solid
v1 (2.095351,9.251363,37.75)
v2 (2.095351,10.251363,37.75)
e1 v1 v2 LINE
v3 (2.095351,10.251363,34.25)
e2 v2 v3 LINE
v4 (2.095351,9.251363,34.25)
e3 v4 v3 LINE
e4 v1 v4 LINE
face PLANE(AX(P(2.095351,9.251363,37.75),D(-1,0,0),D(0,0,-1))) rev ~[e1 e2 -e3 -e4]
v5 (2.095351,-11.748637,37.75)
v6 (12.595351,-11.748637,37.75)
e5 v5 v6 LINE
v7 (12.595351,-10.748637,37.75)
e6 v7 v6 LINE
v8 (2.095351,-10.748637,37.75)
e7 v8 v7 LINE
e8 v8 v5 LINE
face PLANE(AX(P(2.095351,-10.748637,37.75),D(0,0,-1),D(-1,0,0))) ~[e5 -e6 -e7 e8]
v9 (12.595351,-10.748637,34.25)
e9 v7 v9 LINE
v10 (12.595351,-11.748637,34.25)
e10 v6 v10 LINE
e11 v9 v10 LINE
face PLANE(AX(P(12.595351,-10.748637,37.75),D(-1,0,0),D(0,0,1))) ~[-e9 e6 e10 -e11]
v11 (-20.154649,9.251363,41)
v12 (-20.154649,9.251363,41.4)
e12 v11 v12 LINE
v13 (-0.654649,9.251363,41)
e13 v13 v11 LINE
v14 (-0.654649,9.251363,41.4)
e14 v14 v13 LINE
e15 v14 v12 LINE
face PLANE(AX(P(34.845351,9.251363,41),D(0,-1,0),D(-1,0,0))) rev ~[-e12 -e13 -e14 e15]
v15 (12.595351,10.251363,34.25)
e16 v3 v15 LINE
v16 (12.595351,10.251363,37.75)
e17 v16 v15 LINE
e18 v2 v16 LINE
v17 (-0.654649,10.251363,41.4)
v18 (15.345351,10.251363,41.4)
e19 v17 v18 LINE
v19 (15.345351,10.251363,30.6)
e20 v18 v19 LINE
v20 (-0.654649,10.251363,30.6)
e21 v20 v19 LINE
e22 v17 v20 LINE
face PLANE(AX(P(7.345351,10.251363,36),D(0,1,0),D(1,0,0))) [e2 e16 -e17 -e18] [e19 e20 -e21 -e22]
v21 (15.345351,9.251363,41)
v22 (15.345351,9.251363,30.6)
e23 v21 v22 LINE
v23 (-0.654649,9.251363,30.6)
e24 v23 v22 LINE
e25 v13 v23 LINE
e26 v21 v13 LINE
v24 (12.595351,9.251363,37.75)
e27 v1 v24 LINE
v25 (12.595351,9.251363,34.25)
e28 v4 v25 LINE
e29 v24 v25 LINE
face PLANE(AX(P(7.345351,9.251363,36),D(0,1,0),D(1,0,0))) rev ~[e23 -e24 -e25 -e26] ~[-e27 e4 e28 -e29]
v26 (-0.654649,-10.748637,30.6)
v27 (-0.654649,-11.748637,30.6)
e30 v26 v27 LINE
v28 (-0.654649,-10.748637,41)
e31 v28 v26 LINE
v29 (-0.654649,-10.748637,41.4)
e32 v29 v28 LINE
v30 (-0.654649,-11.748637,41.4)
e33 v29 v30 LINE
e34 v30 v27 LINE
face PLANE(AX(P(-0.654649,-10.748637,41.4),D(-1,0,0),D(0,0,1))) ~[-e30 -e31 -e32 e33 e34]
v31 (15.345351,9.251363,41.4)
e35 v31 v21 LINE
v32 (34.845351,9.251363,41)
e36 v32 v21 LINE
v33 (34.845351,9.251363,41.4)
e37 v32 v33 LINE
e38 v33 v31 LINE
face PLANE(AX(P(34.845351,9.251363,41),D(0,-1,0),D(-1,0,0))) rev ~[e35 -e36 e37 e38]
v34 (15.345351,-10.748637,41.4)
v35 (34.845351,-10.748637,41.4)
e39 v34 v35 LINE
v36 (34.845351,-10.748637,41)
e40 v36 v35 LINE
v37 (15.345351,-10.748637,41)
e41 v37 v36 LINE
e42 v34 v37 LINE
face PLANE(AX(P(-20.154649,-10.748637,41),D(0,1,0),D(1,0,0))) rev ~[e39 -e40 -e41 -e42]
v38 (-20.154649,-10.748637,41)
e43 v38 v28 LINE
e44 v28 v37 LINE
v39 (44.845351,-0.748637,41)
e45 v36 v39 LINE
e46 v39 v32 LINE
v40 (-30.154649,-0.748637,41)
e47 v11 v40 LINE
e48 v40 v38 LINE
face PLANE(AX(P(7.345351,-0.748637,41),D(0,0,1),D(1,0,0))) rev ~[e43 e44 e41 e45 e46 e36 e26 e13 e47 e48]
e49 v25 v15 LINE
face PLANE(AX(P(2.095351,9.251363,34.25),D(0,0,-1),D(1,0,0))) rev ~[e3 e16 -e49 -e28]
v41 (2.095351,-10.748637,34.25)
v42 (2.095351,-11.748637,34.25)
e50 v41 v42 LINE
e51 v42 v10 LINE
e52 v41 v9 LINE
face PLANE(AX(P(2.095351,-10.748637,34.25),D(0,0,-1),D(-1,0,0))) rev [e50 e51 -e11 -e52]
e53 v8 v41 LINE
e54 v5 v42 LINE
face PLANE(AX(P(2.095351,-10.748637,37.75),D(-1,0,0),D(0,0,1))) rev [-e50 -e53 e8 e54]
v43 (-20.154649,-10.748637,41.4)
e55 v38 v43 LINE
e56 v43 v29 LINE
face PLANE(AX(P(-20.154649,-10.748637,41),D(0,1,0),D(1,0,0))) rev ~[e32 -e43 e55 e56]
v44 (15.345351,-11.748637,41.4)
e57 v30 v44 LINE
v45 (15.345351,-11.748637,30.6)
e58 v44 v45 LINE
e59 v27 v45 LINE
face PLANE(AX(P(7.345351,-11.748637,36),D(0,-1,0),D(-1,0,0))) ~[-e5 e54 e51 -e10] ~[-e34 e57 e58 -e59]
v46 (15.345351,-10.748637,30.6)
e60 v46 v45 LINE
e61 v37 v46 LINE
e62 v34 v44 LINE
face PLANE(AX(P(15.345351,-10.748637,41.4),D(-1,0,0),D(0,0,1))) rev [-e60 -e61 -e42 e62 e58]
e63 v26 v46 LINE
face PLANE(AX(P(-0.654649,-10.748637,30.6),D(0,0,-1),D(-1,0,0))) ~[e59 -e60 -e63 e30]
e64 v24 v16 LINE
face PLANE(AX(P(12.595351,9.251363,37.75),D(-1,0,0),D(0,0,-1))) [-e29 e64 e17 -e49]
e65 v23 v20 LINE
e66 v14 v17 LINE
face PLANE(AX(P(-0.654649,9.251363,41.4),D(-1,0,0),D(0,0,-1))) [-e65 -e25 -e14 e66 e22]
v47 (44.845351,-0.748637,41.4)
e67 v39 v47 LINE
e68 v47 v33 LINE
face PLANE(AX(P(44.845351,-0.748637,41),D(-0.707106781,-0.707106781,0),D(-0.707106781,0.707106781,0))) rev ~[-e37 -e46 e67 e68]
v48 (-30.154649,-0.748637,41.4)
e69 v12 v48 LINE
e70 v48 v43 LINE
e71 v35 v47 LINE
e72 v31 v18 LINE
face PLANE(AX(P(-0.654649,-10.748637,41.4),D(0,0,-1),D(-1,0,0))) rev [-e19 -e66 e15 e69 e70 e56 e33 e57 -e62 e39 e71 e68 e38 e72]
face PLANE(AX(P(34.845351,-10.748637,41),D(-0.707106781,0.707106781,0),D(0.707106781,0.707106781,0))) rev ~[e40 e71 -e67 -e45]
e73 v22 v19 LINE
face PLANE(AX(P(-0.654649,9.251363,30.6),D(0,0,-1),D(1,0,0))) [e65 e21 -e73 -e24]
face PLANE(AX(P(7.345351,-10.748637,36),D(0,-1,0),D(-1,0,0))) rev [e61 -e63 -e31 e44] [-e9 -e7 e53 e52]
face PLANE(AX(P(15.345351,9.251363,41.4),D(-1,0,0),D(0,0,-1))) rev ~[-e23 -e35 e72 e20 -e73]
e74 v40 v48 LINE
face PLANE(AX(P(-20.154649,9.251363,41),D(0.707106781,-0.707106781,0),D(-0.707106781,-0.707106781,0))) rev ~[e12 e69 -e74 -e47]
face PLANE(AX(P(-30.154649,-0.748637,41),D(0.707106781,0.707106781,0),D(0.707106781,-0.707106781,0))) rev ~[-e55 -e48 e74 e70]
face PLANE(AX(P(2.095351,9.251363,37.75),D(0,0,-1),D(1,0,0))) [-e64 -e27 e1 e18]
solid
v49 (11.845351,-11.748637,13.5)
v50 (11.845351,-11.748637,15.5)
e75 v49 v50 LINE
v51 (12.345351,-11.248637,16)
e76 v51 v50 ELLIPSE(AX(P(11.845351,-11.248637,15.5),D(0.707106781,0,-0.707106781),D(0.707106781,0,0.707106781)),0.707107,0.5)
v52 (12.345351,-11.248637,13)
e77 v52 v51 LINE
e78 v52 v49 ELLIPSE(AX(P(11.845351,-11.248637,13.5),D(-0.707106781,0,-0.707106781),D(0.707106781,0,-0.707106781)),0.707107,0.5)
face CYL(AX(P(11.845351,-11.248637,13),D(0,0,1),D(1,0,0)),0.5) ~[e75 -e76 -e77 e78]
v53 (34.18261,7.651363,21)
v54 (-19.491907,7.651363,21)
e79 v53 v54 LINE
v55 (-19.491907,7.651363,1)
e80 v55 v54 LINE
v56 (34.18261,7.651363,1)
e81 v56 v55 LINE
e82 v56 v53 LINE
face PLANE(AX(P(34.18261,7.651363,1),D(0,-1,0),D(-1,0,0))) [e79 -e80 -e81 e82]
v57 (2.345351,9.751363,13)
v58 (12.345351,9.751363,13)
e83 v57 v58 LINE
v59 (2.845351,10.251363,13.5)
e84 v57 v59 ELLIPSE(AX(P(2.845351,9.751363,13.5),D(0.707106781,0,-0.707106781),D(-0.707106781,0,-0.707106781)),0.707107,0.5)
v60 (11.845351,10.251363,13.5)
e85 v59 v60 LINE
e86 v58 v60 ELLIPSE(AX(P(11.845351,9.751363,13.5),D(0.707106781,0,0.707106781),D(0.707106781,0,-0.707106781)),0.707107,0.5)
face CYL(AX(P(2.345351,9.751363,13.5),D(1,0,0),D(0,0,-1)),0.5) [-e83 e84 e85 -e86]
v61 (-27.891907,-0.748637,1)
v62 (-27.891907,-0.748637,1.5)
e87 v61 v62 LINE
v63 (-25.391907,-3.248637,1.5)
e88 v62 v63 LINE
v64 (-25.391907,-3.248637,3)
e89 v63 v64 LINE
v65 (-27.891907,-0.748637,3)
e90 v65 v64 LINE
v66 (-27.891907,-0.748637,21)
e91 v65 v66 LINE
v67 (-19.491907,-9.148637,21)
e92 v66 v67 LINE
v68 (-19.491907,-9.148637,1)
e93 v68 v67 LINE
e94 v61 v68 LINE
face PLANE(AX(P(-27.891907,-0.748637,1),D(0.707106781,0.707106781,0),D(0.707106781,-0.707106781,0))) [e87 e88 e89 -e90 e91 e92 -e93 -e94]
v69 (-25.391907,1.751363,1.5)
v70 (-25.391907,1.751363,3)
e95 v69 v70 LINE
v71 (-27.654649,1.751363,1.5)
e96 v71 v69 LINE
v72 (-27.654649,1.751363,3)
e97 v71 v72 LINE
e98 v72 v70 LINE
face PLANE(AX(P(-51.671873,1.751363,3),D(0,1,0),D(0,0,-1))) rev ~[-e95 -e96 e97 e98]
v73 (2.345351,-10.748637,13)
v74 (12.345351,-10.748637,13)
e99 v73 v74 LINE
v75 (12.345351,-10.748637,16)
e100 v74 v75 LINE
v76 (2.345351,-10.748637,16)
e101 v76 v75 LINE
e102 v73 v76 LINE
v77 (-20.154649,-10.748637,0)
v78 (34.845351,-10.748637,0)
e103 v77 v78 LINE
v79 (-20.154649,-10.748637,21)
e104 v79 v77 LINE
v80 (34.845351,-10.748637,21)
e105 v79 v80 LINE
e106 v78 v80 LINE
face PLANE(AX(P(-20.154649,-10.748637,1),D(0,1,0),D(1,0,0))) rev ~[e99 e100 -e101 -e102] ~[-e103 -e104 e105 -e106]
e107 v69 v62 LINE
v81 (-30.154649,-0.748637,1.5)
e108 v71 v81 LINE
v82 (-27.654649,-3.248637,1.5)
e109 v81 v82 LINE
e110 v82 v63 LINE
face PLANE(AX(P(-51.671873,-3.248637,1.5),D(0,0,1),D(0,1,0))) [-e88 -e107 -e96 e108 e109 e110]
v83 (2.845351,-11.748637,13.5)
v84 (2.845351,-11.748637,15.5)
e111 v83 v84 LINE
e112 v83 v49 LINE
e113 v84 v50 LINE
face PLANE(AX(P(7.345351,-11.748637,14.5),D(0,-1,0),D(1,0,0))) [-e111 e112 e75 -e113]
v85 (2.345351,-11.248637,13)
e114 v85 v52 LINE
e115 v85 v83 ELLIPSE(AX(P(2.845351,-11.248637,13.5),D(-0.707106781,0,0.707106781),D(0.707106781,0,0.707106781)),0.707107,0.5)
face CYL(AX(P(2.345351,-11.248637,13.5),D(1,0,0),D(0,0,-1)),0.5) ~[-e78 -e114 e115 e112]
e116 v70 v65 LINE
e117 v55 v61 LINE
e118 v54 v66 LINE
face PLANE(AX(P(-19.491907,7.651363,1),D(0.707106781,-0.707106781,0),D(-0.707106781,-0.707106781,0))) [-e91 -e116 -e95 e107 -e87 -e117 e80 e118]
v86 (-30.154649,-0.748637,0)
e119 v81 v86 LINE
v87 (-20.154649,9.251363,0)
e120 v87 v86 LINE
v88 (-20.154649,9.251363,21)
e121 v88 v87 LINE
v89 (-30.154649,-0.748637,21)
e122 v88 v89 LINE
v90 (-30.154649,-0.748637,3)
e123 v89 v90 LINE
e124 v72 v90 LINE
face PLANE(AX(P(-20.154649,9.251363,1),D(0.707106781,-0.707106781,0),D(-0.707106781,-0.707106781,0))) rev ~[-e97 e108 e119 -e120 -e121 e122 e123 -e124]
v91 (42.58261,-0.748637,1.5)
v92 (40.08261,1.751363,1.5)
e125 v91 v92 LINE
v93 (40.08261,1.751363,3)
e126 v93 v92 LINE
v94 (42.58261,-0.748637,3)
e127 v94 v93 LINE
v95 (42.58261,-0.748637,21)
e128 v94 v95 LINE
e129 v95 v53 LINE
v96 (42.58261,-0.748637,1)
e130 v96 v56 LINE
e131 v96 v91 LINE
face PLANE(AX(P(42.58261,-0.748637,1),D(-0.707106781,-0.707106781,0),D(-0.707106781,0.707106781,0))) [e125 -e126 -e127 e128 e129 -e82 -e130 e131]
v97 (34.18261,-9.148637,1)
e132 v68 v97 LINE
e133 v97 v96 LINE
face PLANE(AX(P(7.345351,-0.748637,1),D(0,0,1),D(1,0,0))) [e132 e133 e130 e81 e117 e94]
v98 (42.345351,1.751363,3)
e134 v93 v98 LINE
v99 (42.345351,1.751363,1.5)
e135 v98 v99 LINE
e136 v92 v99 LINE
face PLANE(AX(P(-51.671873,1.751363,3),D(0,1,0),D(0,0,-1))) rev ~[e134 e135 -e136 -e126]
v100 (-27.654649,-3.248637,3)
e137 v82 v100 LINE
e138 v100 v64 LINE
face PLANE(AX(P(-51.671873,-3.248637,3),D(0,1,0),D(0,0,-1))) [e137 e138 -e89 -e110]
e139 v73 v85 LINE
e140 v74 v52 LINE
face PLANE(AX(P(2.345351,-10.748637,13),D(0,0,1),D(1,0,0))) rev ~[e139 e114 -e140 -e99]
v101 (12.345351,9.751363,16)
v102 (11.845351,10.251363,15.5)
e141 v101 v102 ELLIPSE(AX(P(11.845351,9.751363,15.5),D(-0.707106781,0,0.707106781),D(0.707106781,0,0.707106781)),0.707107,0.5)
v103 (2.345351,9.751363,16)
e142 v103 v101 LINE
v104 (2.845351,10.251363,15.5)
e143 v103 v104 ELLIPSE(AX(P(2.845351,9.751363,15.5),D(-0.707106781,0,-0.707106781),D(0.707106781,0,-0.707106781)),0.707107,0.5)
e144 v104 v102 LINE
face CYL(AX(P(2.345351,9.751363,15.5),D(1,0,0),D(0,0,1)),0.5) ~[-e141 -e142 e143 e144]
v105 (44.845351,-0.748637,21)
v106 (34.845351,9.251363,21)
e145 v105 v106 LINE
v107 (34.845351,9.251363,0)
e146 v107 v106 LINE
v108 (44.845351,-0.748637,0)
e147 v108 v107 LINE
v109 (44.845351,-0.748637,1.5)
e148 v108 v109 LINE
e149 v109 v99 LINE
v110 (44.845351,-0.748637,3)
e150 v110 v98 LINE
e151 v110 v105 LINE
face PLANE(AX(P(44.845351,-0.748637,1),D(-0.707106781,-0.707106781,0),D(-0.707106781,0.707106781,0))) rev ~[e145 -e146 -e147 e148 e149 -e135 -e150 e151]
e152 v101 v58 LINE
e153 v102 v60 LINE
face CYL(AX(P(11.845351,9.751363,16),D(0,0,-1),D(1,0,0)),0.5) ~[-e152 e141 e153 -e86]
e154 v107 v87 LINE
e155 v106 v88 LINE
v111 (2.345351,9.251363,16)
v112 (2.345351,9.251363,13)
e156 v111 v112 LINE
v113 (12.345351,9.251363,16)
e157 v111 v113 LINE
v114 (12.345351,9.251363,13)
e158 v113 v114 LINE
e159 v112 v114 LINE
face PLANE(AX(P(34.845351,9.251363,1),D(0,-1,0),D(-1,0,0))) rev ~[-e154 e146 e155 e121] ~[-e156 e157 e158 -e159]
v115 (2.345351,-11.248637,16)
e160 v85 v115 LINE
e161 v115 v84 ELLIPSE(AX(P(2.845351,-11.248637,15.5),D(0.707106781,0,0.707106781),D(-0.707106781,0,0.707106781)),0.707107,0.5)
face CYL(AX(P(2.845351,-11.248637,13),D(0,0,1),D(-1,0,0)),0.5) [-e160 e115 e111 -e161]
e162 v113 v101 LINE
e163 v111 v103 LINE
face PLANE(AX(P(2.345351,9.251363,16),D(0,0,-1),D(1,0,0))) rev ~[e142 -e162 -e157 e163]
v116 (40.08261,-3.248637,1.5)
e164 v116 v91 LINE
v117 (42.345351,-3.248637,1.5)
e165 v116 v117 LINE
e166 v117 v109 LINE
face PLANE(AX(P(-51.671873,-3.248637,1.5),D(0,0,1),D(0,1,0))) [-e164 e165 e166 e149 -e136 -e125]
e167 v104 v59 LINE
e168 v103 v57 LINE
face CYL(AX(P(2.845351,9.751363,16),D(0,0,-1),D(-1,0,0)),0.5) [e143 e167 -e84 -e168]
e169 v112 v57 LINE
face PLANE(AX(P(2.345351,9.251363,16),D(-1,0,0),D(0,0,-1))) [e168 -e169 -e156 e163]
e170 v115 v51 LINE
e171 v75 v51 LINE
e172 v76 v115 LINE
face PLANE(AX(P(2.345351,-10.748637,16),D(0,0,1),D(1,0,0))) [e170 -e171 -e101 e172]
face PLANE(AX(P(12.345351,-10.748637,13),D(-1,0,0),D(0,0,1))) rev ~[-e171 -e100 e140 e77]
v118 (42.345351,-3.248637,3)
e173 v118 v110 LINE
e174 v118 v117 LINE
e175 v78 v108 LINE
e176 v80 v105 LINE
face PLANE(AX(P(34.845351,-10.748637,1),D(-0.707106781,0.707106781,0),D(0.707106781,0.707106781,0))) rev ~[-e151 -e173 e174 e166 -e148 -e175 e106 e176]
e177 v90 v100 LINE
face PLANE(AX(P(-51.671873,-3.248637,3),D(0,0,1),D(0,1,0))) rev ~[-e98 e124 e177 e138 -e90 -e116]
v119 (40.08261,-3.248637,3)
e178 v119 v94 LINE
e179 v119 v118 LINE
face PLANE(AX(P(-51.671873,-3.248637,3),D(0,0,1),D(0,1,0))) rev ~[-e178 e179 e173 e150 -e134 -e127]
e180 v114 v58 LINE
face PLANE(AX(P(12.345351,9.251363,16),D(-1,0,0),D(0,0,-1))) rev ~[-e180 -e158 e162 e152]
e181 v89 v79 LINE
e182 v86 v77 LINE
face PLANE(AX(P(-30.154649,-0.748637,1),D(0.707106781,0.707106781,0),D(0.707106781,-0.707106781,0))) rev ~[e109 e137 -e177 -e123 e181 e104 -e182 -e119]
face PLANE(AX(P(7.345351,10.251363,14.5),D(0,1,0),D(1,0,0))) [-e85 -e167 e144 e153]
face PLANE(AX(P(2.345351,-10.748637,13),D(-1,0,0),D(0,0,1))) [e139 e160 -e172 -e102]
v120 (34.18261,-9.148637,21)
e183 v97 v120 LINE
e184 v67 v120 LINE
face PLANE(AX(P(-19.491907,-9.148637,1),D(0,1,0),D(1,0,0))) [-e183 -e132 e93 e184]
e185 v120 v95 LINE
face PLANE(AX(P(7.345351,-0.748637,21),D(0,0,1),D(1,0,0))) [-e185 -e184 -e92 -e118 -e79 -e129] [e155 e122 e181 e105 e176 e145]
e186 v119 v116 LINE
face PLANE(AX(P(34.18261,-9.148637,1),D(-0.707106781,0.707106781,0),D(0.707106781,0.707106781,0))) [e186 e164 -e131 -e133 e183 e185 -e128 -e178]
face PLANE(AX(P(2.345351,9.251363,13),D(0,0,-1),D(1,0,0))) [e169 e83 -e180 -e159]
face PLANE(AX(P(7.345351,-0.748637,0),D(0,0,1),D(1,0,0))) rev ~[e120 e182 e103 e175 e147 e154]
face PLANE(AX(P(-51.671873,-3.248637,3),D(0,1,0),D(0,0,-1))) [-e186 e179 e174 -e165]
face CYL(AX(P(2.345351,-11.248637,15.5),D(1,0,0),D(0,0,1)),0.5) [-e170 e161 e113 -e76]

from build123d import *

# Parameters (mm, degrees)
BOSS_EXTRU_1_DEPTH           = 1
BOSS_EXTRU_2_DEPTH           = 20
ENL_V_MAT_EXTRU_1_DEPTH      = 51.671873049
ENL_V_MAT_EXTRU_1_DEPTH_BACK = 51.671873049
ESQUISSE5_W                  = 1.5
ESQUISSE5_H                  = 5
ESQUISSE9_W                  = 10
ESQUISSE9_H                  = 3
BOSS_EXTRU_5_DEPTH           = 1
CONG_1_R                     = 0.5
ESQUISSE10_W                 = 10
ESQUISSE10_H                 = 3
BOSS_EXTRU_6_DEPTH           = 1
CONG_2_R                     = 0.5
BOSS_EXTRU_7_DEPTH           = 0.4
ESQUISSE13_W                 = 16
ESQUISSE13_H                 = 10.8
ESQUISSE13_W_2               = 10.5
ESQUISSE13_H_2               = 3.5
BOSS_EXTRU_8_DEPTH           = 1


with BuildPart() as part:
    # Esquisse1 → Boss.-Extru.1 (new body)
    with BuildSketch(Plane.XY):
        Polygon((34.845351237, 9.251363312), (-20.154648763, 9.251363312), (-30.154648763, -0.748636688), (-20.154648763, -10.748636688), (34.845351237, -10.748636688), (44.845351237, -0.748636688), align=None)
    extrude(amount=BOSS_EXTRU_1_DEPTH)

    # Esquisse2 → Boss.-Extru.2 (add)
    with BuildSketch(Plane.XY.offset(1)):
        Polygon((-20.154648763, -10.748636688), (34.845351237, -10.748636688), (44.845351237, -0.748636688), (34.845351237, 9.251363312), (-20.154648763, 9.251363312), (-30.154648763, -0.748636688), align=None)
        Polygon((-19.491907063, 7.651363312), (-27.891907063, -0.748636688), (-19.491907063, -9.148636688), (34.182609538, -9.148636688), (42.582609538, -0.748636688), (34.182609538, 7.651363312), align=None, mode=Mode.SUBTRACT)
    extrude(amount=BOSS_EXTRU_2_DEPTH)

    # Esquisse5 → Enlèv. mat.-Extru.1 (cut, two sides: drawn at the far end of the back side and taken through both)
    with BuildSketch(Plane(origin=(0, 0, 0), x_dir=(0, 0, -1), z_dir=(1, 0, 0)).offset(-ENL_V_MAT_EXTRU_1_DEPTH_BACK)):
        with Locations((-2.25, -0.748636688)):
            Rectangle(ESQUISSE5_W, ESQUISSE5_H)
    extrude(amount=ENL_V_MAT_EXTRU_1_DEPTH + ENL_V_MAT_EXTRU_1_DEPTH_BACK, mode=Mode.SUBTRACT)

    # Esquisse9 → Boss.-Extru.5 (add)
    with BuildSketch(Plane(origin=(0, 9.251363312, 0), x_dir=(1, 0, 0), z_dir=(0, 1, 0))):
        with Locations((7.345351237, -14.5)):
            Rectangle(ESQUISSE9_W, ESQUISSE9_H)
    extrude(amount=BOSS_EXTRU_5_DEPTH)

    # Congé1
    cong_1_edges = [part.edges().sort_by_distance(p)[0] for p in [
        (2.345351237, 10.251363312, 14.5),
        (7.345351237, 10.251363312, 16),
        (12.345351237, 10.251363312, 14.5),
        (7.345351237, 10.251363312, 13),
    ]]
    fillet(cong_1_edges, radius=CONG_1_R)

    # Esquisse10 → Boss.-Extru.6 (add)
    with BuildSketch(Plane.XZ.offset(10.748636688)):
        with Locations((7.345351237, 14.5)):
            Rectangle(ESQUISSE10_W, ESQUISSE10_H)
    extrude(amount=BOSS_EXTRU_6_DEPTH)

    # Congé2
    cong_2_edges = [part.edges().sort_by_distance(p)[0] for p in [
        (2.345351237, -11.748636688, 14.5),
        (7.345351237, -11.748636688, 13),
        (12.345351237, -11.748636688, 14.5),
        (7.345351237, -11.748636688, 16),
    ]]
    fillet(cong_2_edges, radius=CONG_2_R)


with BuildPart() as body_2:
    # Esquisse12 → Boss.-Extru.7 (new body)
    with BuildSketch(Plane.XY.offset(41)):
        Polygon((44.845351237, -0.748636688), (34.845351237, 9.251363312), (-20.154648763, 9.251363312), (-30.154648763, -0.748636688), (-20.154648763, -10.748636688), (34.845351237, -10.748636688), align=None)
    extrude(amount=BOSS_EXTRU_7_DEPTH)

    # Esquisse13 → Boss.-Extru.8 (add)
    with BuildSketch(Plane(origin=(0, 9.251363312, 0), x_dir=(1, 0, 0), z_dir=(0, 1, 0))):
        with Locations((7.345351237, -36)):
            Rectangle(ESQUISSE13_W, ESQUISSE13_H)
        with Locations((7.345351237, -36)):
            Rectangle(ESQUISSE13_W_2, ESQUISSE13_H_2, mode=Mode.SUBTRACT)
    boss_extru_8 = extrude(amount=BOSS_EXTRU_8_DEPTH)

    # Symétrie1: Boss.-Extru.8 across plane
    add(boss_extru_8.mirror(Plane.ZX.offset(-0.748636688)))


solid = Compound([part.part, body_2.part])
